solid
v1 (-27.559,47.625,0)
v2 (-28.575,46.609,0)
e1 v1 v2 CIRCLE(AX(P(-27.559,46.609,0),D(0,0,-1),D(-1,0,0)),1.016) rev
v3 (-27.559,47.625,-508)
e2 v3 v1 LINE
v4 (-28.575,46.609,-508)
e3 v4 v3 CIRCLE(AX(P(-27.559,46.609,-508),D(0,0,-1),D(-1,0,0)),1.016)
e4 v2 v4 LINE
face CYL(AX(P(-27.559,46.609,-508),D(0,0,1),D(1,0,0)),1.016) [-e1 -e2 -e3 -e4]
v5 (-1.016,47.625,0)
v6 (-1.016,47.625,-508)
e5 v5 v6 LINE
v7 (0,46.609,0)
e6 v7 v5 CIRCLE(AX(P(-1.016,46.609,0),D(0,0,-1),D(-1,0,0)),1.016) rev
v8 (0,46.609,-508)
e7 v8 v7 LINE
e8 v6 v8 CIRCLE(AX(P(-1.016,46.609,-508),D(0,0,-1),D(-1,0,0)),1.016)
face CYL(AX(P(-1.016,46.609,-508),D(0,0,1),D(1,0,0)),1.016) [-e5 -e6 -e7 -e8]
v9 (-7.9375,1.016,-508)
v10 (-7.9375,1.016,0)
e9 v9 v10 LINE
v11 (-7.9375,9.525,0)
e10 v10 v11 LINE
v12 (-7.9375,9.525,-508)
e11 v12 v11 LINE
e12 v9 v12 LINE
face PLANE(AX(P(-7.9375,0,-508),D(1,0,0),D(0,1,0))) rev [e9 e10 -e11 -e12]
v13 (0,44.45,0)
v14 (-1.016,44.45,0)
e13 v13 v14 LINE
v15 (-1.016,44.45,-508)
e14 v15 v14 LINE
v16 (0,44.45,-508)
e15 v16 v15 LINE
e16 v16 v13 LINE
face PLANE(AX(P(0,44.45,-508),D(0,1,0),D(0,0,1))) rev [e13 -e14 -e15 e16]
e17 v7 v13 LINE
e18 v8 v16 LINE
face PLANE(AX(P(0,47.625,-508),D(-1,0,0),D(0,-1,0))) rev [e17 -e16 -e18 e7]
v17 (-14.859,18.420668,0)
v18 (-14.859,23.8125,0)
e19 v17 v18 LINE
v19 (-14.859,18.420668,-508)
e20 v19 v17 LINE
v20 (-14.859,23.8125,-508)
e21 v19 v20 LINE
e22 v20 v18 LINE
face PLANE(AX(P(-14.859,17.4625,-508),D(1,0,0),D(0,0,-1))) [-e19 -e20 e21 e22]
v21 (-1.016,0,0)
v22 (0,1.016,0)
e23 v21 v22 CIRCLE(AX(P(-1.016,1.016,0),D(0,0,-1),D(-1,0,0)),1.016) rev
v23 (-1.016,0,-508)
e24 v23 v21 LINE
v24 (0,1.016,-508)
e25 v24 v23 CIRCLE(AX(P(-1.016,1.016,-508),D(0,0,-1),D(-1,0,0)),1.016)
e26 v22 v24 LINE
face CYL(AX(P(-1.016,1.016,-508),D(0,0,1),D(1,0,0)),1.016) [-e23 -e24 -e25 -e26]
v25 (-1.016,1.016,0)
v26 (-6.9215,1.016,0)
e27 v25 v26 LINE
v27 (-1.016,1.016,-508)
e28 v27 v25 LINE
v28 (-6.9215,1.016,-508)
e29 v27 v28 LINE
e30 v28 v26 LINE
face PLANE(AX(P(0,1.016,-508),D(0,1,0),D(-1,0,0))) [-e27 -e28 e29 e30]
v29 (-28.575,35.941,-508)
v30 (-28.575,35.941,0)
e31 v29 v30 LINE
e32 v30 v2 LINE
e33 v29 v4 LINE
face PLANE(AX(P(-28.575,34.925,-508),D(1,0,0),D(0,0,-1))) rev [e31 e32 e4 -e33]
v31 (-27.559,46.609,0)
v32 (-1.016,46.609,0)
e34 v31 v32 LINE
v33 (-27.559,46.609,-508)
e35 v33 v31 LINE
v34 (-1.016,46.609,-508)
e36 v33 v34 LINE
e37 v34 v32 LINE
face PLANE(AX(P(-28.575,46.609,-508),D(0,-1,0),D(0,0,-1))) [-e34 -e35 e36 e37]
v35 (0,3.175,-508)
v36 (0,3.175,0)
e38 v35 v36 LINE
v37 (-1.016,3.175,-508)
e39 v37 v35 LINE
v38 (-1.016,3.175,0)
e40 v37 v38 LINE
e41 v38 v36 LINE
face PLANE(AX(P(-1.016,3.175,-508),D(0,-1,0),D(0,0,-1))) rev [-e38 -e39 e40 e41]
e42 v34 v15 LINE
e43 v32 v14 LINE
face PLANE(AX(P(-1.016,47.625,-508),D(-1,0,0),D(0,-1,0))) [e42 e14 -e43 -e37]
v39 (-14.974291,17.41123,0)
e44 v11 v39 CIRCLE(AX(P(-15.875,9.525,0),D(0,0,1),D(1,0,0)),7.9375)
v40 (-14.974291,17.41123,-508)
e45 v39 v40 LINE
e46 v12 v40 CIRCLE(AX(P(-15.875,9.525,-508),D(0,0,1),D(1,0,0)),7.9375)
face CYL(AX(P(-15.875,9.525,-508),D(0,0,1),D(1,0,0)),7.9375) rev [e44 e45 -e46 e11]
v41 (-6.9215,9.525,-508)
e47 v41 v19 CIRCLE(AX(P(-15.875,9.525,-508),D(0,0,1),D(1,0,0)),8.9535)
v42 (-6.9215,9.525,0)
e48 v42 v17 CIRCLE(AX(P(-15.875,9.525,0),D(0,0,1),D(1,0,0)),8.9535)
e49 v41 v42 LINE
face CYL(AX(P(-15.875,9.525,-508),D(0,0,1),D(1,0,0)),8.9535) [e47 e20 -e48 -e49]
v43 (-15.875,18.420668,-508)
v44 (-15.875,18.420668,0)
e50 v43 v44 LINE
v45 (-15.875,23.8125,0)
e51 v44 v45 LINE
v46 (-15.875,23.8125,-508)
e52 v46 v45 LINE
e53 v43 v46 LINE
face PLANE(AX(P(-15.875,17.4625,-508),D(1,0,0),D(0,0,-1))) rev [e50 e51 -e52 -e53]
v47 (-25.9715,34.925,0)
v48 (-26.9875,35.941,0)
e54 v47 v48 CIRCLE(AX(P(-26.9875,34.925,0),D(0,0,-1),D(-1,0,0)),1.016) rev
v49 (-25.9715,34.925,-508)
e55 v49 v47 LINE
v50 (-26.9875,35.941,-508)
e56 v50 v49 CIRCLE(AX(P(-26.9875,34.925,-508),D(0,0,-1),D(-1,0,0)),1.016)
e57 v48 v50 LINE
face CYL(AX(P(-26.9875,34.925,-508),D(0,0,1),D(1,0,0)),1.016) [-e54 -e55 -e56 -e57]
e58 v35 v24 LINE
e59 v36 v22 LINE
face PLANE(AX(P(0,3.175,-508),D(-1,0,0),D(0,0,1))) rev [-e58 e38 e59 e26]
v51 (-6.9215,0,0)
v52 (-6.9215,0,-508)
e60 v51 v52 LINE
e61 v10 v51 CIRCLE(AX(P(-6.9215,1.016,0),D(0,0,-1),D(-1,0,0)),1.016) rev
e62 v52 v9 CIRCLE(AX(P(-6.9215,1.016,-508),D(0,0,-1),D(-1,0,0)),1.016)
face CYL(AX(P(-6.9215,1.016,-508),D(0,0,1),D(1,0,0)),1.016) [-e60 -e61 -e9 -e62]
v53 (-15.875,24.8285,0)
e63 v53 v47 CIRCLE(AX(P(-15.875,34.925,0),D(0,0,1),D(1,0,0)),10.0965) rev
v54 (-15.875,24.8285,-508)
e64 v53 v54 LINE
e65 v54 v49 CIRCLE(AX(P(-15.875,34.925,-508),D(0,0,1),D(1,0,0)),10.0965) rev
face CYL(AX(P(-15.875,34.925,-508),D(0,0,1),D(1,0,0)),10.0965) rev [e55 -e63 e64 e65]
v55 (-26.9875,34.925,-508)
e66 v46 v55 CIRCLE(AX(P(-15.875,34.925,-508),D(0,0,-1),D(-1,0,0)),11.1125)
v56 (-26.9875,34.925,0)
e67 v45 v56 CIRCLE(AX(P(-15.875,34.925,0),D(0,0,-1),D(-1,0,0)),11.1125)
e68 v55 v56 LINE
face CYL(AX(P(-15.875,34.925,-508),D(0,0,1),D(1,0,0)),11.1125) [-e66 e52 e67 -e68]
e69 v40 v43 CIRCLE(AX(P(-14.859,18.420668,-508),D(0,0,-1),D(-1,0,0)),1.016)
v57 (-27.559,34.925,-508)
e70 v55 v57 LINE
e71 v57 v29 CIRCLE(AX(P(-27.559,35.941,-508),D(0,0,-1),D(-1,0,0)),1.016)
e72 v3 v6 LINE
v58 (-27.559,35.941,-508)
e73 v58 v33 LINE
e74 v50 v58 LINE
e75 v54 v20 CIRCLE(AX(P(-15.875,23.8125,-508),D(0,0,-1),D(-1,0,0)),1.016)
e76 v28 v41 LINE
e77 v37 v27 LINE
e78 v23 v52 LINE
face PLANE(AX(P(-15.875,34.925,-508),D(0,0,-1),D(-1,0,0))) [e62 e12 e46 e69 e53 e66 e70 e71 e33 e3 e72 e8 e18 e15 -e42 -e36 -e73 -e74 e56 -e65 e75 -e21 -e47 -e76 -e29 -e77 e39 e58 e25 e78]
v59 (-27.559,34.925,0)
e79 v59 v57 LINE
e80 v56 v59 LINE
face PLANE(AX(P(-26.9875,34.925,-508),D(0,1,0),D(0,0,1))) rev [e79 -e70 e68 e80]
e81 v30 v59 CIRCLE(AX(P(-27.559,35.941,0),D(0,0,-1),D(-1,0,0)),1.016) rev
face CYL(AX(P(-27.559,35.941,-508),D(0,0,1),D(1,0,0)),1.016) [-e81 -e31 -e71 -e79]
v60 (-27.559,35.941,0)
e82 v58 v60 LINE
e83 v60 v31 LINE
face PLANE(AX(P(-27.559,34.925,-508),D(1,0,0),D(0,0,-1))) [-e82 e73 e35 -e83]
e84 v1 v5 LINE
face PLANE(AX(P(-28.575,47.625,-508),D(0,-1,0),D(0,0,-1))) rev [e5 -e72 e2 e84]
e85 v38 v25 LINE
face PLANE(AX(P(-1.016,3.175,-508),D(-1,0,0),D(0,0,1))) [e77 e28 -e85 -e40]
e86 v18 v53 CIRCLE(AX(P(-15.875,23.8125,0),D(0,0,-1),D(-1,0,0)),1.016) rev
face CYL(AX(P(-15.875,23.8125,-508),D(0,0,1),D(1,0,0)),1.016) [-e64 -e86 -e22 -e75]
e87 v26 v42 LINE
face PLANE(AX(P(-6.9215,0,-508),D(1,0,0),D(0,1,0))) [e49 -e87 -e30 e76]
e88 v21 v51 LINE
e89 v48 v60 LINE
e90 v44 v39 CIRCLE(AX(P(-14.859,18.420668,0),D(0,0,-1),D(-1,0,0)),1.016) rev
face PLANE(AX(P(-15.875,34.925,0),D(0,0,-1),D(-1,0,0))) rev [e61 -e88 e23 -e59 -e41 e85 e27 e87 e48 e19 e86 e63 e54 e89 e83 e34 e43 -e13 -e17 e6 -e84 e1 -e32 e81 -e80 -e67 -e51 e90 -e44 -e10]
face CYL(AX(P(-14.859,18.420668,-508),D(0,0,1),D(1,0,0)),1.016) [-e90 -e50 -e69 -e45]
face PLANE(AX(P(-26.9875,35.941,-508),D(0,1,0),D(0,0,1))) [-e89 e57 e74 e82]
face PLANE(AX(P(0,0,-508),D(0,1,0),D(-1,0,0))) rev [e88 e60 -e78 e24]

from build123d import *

# Parameters (mm, degrees)
EXTRUDE_THIN1_DEPTH = 508
FILLET1_R           = 1.016


with BuildPart() as part:
    # Sketch1 → Extrude-Thin1 (new body)
    with BuildSketch(Plane.XY):
        with BuildLine():
            Line((0, 3.175), (0, 0))
            Line((0, 0), (-7.9375, 0))
            Line((-7.9375, 0), (-7.9375, 9.525))
            ThreePointArc((-7.9375, 9.525), (-10.26234, 15.13766), (-15.875, 17.4625))
            Line((-15.875, 17.4625), (-15.875, 23.8125))
            ThreePointArc((-15.875, 23.8125), (-23.732724, 27.067276), (-26.9875, 34.925))
            Line((-26.9875, 34.925), (-28.575, 34.925))
            Line((-28.575, 34.925), (-28.575, 47.625))
            Line((-28.575, 47.625), (0, 47.625))
            Line((0, 47.625), (0, 44.45))
            Line((0, 44.45), (-1.016, 44.45))
            Line((-1.016, 44.45), (-1.016, 46.609))
            Line((-1.016, 46.609), (-27.559, 46.609))
            Line((-27.559, 46.609), (-27.559, 35.941))
            Line((-27.559, 35.941), (-25.92025, 35.941))
            ThreePointArc((-25.92025, 35.941), (-23.014304, 27.785696), (-14.859, 24.87975))
            Line((-14.859, 24.87975), (-14.859, 18.420668))
            ThreePointArc((-14.859, 18.420668), (-9.194359, 15.486057), (-6.9215, 9.525))
            Line((-6.9215, 9.525), (-6.9215, 1.016))
            Line((-6.9215, 1.016), (-1.016, 1.016))
            Line((-1.016, 1.016), (-1.016, 3.175))
            Line((-1.016, 3.175), (0, 3.175))
        make_face()
    extrude(amount=-EXTRUDE_THIN1_DEPTH)

    # Fillet1
    fillet1_edges = [part.edges().sort_by_distance(p)[0] for p in [
        (-25.92025, 35.941, -254),
        (-14.859, 24.87975, -254),
        (0, 0, -254),
        (-7.9375, 0, -254),
        (-15.875, 17.4625, -254),
        (-28.575, 34.925, -254),
        (-28.575, 47.625, -254),
        (0, 47.625, -254),
    ]]
    fillet(fillet1_edges, radius=FILLET1_R)


solid = part.part
